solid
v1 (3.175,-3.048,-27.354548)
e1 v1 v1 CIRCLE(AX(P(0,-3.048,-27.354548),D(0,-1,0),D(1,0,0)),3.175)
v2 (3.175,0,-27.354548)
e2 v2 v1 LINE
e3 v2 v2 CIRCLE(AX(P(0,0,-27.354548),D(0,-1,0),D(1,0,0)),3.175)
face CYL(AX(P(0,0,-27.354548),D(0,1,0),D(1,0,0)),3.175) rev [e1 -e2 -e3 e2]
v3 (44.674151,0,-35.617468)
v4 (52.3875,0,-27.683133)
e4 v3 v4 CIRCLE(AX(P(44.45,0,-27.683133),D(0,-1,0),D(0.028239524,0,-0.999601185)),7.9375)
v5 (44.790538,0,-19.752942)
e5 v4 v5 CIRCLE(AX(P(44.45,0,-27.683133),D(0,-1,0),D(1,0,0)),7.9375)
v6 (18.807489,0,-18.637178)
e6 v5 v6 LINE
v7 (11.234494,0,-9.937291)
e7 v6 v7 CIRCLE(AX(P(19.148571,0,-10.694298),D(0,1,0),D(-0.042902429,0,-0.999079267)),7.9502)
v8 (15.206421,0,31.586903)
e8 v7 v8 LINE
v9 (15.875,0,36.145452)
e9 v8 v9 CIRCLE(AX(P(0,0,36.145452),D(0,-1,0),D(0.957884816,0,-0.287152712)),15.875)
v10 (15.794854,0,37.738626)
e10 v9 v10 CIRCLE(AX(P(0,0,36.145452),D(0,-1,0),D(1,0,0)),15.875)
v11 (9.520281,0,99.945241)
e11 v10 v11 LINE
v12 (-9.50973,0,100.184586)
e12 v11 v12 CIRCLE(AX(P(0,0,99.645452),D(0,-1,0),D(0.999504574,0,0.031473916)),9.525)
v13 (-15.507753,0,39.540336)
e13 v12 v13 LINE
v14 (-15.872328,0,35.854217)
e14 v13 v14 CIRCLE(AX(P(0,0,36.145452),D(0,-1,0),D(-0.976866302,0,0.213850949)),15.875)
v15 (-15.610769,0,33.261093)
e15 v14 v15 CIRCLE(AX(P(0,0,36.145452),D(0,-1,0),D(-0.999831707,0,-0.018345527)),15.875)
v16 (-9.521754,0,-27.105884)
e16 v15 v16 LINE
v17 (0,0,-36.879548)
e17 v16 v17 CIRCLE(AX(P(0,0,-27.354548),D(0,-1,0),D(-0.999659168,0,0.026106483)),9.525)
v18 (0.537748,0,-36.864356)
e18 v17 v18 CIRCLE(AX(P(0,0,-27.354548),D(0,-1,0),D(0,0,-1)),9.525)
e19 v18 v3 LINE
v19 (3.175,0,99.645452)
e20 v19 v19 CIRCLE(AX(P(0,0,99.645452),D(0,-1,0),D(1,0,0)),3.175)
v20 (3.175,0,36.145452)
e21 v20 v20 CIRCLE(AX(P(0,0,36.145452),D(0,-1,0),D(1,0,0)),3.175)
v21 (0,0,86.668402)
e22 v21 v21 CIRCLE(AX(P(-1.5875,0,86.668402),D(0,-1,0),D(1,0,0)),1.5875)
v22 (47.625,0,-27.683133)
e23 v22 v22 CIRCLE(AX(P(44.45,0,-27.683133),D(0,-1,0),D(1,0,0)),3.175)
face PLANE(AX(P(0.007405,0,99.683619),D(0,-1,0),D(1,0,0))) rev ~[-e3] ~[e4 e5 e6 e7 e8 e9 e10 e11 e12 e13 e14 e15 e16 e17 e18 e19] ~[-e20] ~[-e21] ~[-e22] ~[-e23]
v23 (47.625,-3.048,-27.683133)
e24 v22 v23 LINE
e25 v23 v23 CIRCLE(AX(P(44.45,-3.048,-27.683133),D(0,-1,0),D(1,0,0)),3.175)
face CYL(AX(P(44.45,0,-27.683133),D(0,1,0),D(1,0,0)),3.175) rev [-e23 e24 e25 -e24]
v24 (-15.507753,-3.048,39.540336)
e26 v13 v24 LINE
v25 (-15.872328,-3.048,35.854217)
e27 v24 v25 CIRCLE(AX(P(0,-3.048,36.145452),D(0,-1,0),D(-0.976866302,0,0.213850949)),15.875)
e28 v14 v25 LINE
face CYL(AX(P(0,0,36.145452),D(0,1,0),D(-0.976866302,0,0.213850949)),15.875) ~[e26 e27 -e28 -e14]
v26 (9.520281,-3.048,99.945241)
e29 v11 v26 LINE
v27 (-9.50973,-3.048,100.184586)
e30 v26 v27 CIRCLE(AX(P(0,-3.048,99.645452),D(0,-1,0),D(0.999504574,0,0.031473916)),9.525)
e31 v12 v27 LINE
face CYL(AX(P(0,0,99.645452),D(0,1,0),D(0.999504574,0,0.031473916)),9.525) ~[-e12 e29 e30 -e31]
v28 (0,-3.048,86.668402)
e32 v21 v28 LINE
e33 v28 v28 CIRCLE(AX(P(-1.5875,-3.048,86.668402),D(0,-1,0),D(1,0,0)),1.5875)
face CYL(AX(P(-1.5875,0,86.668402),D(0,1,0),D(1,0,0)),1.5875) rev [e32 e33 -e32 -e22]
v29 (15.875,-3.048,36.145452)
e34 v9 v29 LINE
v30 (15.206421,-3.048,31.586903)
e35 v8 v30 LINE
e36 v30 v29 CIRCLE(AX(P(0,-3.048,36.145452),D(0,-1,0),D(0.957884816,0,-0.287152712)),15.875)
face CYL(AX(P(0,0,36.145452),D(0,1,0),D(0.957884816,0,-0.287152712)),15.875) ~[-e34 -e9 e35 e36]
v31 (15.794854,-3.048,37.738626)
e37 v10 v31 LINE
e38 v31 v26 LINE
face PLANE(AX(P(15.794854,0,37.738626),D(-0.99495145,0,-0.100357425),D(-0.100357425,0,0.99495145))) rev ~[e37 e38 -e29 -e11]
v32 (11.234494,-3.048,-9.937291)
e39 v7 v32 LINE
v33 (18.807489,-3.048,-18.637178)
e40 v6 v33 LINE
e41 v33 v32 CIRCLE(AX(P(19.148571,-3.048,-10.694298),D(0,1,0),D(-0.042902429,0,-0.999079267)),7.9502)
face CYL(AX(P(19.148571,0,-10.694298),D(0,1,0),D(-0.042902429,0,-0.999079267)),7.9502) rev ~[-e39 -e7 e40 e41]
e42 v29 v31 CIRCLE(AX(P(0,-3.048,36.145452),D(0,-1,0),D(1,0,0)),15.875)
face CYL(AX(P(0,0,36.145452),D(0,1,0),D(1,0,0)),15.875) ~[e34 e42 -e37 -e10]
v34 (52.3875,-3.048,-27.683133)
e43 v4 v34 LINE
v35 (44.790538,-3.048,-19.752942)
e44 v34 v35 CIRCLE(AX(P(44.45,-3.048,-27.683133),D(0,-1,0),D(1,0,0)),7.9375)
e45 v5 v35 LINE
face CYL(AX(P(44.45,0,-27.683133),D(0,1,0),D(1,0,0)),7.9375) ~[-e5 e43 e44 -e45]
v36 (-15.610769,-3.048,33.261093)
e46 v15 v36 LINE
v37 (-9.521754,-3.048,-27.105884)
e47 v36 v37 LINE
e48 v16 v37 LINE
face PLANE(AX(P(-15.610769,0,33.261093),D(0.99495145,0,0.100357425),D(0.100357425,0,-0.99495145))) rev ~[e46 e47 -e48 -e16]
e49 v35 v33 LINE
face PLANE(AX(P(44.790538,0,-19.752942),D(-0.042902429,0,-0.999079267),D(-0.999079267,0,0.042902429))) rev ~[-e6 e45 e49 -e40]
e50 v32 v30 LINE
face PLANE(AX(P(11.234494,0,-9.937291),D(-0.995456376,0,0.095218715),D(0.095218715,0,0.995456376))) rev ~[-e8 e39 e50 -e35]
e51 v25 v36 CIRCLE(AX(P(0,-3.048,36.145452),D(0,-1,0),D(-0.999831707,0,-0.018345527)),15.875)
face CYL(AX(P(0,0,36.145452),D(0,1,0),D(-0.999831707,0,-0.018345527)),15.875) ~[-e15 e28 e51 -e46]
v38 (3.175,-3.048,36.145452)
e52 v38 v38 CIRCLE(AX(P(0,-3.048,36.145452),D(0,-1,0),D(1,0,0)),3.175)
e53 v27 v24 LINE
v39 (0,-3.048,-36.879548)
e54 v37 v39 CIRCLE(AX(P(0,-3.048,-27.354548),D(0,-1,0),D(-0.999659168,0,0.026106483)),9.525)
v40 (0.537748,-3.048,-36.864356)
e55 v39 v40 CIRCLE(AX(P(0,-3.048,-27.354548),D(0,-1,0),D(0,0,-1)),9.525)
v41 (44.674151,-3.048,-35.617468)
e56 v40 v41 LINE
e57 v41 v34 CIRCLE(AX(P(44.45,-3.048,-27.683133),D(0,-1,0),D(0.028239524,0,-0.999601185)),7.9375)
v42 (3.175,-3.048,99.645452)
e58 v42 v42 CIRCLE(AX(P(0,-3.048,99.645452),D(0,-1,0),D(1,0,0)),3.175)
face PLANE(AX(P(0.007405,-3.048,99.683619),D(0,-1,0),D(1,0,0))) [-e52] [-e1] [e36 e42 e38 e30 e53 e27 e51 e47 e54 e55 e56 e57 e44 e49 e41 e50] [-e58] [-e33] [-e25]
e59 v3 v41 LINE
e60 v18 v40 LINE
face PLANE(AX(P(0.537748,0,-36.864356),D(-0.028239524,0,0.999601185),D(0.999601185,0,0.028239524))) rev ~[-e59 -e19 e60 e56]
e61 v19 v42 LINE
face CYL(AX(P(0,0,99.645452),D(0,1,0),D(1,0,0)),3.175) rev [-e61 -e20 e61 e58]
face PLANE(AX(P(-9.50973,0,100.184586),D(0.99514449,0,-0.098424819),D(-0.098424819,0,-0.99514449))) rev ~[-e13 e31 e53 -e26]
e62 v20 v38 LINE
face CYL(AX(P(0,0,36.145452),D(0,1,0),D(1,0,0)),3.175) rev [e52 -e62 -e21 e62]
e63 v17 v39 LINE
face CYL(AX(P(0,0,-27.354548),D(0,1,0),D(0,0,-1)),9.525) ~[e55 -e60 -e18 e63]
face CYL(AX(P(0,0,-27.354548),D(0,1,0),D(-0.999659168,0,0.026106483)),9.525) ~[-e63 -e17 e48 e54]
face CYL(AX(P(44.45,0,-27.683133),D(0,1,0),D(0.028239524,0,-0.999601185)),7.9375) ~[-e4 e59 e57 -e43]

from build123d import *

# Parameters (mm, degrees)
F0_R     = 3.175
F0_R_2   = 1.5875
F1_DEPTH = 3.048


with BuildPart() as f1:
    # F0 (on Front) → F1 (new body)
    with BuildSketch(Plane.XZ):
        with BuildLine():
            ThreePointArc((-9.5097297278, 100.1845862784), (-0.2696751221, 90.1242705795), (9.525, 99.6454522461))
            ThreePointArc((9.525, 99.6454522461), (9.5238201928, 99.7953653394), (9.5202810634, 99.9452412949))
            ThreePointArc((9.5202810634, 99.9452412949), (0.1197887221, 109.1696989702), (-9.5097297278, 100.1845862784))
        make_face()
        with Locations((0, 99.6454522461)):
            Circle(F0_R, mode=Mode.SUBTRACT)
        with BuildLine():
            ThreePointArc((9.5202810634, 99.9452412949), (9.5238201928, 99.7953653394), (9.525, 99.6454522461))
            ThreePointArc((9.525, 99.6454522461), (-0.2696751221, 90.1242705795), (-9.5097297278, 100.1845862784))
            Line((-9.5097297278, 100.1845862784), (-15.5077525398, 39.540336068))
            ThreePointArc((-15.5077525398, 39.540336068), (0.9122205372, 51.9942212422), (15.7948542636, 37.7386263705))
            Line((15.7948542636, 37.7386263705), (9.5202810634, 99.9452412949))
        make_face()
        with Locations((-1.5875, 86.6684019566)):
            Circle(F0_R_2, mode=Mode.SUBTRACT)
        with BuildLine():
            Line((15.2064214472, 31.5869029408), (15.7948542636, 37.7386263705))
            ThreePointArc((15.7948542636, 37.7386263705), (0.9122205372, 51.9942212422), (-15.5077525398, 39.540336068))
            Line((-15.5077525398, 39.540336068), (-15.8723283432, 35.854217003))
            Line((-15.8723283432, 35.854217003), (-15.610768577, 33.2610927966))
            ThreePointArc((-15.610768577, 33.2610927966), (-0.8611632068, 20.2938270003), (15.2064214472, 31.5869029408))
        make_face()
        with Locations((0, 36.1454522461)):
            Circle(F0_R, mode=Mode.SUBTRACT)
        with BuildLine():
            ThreePointArc((15.875, 36.1454522461), (15.8549509056, 36.9430466182), (15.7948542636, 37.7386263705))
            Line((15.7948542636, 37.7386263705), (15.2064214472, 31.5869029408))
            ThreePointArc((15.2064214472, 31.5869029408), (15.7069660577, 33.8417937943), (15.875, 36.1454522461))
        make_face()
        with BuildLine():
            Line((-15.8723283432, 35.854217003), (-15.5077525398, 39.540336068))
            ThreePointArc((-15.5077525398, 39.540336068), (-15.797918771, 37.7079462474), (-15.8723283432, 35.854217003))
        make_face()
        with BuildLine():
            Line((11.2344941696, -9.9372905003), (15.2064214472, 31.5869029408))
            ThreePointArc((15.2064214472, 31.5869029408), (-0.8611632068, 20.2938270003), (-15.610768577, 33.2610927966))
            Line((-15.610768577, 33.2610927966), (-9.5217535723, -27.1058835037))
            ThreePointArc((-9.5217535723, -27.1058835037), (0.1243427206, -17.8303593954), (9.525, -27.3545477539))
            ThreePointArc((9.525, -27.3545477539), (6.9227046125, -33.8968551334), (0.5377483785, -36.8643559371))
            Line((0.5377483785, -36.8643559371), (44.6741512192, -35.6174676663))
            ThreePointArc((44.6741512192, -35.6174676663), (36.5127135943, -27.6249029998), (44.7905380327, -19.7529415784))
            Line((44.7905380327, -19.7529415784), (18.8074885558, -18.6371783145))
            ThreePointArc((18.8074885558, -18.6371783145), (13.1519949788, -15.9141403429), (11.2344941696, -9.9372905003))
        make_face()
        with BuildLine():
            Line((-15.610768577, 33.2610927966), (-15.8723283432, 35.854217003))
            ThreePointArc((-15.8723283432, 35.854217003), (-15.7948542636, 34.5522781217), (-15.610768577, 33.2610927966))
        make_face()
        with BuildLine():
            ThreePointArc((9.525, -27.3545477539), (0.1243427206, -17.8303593954), (-9.5217535723, -27.1058835037))
            ThreePointArc((-9.5217535723, -27.1058835037), (-6.8225417545, -34.0012423466), (0, -36.8795477539))
            Line((0, -36.8795477539), (0.5377483785, -36.8643559371))
            ThreePointArc((0.5377483785, -36.8643559371), (6.9227046125, -33.8968551334), (9.525, -27.3545477539))
        make_face()
        with Locations((0, -27.3545477539)):
            Circle(F0_R, mode=Mode.SUBTRACT)
        with BuildLine():
            Line((0.5377483785, -36.8643559371), (0, -36.8795477539))
            ThreePointArc((0, -36.8795477539), (0.2689814631, -36.8757490422), (0.5377483785, -36.8643559371))
        make_face()
        with BuildLine():
            ThreePointArc((52.3875, -27.6831332594), (50.1817940858, -22.1921913723), (44.7905380327, -19.7529415784))
            ThreePointArc((44.7905380327, -19.7529415784), (36.5127135943, -27.6249029998), (44.6741512192, -35.6174676663))
            ThreePointArc((44.6741512192, -35.6174676663), (50.1413577709, -33.2159763779), (52.3875, -27.6831332594))
        make_face()
        with Locations((44.45, -27.6831332594)):
            Circle(F0_R, mode=Mode.SUBTRACT)
    extrude(amount=F1_DEPTH)


solid = f1.part
